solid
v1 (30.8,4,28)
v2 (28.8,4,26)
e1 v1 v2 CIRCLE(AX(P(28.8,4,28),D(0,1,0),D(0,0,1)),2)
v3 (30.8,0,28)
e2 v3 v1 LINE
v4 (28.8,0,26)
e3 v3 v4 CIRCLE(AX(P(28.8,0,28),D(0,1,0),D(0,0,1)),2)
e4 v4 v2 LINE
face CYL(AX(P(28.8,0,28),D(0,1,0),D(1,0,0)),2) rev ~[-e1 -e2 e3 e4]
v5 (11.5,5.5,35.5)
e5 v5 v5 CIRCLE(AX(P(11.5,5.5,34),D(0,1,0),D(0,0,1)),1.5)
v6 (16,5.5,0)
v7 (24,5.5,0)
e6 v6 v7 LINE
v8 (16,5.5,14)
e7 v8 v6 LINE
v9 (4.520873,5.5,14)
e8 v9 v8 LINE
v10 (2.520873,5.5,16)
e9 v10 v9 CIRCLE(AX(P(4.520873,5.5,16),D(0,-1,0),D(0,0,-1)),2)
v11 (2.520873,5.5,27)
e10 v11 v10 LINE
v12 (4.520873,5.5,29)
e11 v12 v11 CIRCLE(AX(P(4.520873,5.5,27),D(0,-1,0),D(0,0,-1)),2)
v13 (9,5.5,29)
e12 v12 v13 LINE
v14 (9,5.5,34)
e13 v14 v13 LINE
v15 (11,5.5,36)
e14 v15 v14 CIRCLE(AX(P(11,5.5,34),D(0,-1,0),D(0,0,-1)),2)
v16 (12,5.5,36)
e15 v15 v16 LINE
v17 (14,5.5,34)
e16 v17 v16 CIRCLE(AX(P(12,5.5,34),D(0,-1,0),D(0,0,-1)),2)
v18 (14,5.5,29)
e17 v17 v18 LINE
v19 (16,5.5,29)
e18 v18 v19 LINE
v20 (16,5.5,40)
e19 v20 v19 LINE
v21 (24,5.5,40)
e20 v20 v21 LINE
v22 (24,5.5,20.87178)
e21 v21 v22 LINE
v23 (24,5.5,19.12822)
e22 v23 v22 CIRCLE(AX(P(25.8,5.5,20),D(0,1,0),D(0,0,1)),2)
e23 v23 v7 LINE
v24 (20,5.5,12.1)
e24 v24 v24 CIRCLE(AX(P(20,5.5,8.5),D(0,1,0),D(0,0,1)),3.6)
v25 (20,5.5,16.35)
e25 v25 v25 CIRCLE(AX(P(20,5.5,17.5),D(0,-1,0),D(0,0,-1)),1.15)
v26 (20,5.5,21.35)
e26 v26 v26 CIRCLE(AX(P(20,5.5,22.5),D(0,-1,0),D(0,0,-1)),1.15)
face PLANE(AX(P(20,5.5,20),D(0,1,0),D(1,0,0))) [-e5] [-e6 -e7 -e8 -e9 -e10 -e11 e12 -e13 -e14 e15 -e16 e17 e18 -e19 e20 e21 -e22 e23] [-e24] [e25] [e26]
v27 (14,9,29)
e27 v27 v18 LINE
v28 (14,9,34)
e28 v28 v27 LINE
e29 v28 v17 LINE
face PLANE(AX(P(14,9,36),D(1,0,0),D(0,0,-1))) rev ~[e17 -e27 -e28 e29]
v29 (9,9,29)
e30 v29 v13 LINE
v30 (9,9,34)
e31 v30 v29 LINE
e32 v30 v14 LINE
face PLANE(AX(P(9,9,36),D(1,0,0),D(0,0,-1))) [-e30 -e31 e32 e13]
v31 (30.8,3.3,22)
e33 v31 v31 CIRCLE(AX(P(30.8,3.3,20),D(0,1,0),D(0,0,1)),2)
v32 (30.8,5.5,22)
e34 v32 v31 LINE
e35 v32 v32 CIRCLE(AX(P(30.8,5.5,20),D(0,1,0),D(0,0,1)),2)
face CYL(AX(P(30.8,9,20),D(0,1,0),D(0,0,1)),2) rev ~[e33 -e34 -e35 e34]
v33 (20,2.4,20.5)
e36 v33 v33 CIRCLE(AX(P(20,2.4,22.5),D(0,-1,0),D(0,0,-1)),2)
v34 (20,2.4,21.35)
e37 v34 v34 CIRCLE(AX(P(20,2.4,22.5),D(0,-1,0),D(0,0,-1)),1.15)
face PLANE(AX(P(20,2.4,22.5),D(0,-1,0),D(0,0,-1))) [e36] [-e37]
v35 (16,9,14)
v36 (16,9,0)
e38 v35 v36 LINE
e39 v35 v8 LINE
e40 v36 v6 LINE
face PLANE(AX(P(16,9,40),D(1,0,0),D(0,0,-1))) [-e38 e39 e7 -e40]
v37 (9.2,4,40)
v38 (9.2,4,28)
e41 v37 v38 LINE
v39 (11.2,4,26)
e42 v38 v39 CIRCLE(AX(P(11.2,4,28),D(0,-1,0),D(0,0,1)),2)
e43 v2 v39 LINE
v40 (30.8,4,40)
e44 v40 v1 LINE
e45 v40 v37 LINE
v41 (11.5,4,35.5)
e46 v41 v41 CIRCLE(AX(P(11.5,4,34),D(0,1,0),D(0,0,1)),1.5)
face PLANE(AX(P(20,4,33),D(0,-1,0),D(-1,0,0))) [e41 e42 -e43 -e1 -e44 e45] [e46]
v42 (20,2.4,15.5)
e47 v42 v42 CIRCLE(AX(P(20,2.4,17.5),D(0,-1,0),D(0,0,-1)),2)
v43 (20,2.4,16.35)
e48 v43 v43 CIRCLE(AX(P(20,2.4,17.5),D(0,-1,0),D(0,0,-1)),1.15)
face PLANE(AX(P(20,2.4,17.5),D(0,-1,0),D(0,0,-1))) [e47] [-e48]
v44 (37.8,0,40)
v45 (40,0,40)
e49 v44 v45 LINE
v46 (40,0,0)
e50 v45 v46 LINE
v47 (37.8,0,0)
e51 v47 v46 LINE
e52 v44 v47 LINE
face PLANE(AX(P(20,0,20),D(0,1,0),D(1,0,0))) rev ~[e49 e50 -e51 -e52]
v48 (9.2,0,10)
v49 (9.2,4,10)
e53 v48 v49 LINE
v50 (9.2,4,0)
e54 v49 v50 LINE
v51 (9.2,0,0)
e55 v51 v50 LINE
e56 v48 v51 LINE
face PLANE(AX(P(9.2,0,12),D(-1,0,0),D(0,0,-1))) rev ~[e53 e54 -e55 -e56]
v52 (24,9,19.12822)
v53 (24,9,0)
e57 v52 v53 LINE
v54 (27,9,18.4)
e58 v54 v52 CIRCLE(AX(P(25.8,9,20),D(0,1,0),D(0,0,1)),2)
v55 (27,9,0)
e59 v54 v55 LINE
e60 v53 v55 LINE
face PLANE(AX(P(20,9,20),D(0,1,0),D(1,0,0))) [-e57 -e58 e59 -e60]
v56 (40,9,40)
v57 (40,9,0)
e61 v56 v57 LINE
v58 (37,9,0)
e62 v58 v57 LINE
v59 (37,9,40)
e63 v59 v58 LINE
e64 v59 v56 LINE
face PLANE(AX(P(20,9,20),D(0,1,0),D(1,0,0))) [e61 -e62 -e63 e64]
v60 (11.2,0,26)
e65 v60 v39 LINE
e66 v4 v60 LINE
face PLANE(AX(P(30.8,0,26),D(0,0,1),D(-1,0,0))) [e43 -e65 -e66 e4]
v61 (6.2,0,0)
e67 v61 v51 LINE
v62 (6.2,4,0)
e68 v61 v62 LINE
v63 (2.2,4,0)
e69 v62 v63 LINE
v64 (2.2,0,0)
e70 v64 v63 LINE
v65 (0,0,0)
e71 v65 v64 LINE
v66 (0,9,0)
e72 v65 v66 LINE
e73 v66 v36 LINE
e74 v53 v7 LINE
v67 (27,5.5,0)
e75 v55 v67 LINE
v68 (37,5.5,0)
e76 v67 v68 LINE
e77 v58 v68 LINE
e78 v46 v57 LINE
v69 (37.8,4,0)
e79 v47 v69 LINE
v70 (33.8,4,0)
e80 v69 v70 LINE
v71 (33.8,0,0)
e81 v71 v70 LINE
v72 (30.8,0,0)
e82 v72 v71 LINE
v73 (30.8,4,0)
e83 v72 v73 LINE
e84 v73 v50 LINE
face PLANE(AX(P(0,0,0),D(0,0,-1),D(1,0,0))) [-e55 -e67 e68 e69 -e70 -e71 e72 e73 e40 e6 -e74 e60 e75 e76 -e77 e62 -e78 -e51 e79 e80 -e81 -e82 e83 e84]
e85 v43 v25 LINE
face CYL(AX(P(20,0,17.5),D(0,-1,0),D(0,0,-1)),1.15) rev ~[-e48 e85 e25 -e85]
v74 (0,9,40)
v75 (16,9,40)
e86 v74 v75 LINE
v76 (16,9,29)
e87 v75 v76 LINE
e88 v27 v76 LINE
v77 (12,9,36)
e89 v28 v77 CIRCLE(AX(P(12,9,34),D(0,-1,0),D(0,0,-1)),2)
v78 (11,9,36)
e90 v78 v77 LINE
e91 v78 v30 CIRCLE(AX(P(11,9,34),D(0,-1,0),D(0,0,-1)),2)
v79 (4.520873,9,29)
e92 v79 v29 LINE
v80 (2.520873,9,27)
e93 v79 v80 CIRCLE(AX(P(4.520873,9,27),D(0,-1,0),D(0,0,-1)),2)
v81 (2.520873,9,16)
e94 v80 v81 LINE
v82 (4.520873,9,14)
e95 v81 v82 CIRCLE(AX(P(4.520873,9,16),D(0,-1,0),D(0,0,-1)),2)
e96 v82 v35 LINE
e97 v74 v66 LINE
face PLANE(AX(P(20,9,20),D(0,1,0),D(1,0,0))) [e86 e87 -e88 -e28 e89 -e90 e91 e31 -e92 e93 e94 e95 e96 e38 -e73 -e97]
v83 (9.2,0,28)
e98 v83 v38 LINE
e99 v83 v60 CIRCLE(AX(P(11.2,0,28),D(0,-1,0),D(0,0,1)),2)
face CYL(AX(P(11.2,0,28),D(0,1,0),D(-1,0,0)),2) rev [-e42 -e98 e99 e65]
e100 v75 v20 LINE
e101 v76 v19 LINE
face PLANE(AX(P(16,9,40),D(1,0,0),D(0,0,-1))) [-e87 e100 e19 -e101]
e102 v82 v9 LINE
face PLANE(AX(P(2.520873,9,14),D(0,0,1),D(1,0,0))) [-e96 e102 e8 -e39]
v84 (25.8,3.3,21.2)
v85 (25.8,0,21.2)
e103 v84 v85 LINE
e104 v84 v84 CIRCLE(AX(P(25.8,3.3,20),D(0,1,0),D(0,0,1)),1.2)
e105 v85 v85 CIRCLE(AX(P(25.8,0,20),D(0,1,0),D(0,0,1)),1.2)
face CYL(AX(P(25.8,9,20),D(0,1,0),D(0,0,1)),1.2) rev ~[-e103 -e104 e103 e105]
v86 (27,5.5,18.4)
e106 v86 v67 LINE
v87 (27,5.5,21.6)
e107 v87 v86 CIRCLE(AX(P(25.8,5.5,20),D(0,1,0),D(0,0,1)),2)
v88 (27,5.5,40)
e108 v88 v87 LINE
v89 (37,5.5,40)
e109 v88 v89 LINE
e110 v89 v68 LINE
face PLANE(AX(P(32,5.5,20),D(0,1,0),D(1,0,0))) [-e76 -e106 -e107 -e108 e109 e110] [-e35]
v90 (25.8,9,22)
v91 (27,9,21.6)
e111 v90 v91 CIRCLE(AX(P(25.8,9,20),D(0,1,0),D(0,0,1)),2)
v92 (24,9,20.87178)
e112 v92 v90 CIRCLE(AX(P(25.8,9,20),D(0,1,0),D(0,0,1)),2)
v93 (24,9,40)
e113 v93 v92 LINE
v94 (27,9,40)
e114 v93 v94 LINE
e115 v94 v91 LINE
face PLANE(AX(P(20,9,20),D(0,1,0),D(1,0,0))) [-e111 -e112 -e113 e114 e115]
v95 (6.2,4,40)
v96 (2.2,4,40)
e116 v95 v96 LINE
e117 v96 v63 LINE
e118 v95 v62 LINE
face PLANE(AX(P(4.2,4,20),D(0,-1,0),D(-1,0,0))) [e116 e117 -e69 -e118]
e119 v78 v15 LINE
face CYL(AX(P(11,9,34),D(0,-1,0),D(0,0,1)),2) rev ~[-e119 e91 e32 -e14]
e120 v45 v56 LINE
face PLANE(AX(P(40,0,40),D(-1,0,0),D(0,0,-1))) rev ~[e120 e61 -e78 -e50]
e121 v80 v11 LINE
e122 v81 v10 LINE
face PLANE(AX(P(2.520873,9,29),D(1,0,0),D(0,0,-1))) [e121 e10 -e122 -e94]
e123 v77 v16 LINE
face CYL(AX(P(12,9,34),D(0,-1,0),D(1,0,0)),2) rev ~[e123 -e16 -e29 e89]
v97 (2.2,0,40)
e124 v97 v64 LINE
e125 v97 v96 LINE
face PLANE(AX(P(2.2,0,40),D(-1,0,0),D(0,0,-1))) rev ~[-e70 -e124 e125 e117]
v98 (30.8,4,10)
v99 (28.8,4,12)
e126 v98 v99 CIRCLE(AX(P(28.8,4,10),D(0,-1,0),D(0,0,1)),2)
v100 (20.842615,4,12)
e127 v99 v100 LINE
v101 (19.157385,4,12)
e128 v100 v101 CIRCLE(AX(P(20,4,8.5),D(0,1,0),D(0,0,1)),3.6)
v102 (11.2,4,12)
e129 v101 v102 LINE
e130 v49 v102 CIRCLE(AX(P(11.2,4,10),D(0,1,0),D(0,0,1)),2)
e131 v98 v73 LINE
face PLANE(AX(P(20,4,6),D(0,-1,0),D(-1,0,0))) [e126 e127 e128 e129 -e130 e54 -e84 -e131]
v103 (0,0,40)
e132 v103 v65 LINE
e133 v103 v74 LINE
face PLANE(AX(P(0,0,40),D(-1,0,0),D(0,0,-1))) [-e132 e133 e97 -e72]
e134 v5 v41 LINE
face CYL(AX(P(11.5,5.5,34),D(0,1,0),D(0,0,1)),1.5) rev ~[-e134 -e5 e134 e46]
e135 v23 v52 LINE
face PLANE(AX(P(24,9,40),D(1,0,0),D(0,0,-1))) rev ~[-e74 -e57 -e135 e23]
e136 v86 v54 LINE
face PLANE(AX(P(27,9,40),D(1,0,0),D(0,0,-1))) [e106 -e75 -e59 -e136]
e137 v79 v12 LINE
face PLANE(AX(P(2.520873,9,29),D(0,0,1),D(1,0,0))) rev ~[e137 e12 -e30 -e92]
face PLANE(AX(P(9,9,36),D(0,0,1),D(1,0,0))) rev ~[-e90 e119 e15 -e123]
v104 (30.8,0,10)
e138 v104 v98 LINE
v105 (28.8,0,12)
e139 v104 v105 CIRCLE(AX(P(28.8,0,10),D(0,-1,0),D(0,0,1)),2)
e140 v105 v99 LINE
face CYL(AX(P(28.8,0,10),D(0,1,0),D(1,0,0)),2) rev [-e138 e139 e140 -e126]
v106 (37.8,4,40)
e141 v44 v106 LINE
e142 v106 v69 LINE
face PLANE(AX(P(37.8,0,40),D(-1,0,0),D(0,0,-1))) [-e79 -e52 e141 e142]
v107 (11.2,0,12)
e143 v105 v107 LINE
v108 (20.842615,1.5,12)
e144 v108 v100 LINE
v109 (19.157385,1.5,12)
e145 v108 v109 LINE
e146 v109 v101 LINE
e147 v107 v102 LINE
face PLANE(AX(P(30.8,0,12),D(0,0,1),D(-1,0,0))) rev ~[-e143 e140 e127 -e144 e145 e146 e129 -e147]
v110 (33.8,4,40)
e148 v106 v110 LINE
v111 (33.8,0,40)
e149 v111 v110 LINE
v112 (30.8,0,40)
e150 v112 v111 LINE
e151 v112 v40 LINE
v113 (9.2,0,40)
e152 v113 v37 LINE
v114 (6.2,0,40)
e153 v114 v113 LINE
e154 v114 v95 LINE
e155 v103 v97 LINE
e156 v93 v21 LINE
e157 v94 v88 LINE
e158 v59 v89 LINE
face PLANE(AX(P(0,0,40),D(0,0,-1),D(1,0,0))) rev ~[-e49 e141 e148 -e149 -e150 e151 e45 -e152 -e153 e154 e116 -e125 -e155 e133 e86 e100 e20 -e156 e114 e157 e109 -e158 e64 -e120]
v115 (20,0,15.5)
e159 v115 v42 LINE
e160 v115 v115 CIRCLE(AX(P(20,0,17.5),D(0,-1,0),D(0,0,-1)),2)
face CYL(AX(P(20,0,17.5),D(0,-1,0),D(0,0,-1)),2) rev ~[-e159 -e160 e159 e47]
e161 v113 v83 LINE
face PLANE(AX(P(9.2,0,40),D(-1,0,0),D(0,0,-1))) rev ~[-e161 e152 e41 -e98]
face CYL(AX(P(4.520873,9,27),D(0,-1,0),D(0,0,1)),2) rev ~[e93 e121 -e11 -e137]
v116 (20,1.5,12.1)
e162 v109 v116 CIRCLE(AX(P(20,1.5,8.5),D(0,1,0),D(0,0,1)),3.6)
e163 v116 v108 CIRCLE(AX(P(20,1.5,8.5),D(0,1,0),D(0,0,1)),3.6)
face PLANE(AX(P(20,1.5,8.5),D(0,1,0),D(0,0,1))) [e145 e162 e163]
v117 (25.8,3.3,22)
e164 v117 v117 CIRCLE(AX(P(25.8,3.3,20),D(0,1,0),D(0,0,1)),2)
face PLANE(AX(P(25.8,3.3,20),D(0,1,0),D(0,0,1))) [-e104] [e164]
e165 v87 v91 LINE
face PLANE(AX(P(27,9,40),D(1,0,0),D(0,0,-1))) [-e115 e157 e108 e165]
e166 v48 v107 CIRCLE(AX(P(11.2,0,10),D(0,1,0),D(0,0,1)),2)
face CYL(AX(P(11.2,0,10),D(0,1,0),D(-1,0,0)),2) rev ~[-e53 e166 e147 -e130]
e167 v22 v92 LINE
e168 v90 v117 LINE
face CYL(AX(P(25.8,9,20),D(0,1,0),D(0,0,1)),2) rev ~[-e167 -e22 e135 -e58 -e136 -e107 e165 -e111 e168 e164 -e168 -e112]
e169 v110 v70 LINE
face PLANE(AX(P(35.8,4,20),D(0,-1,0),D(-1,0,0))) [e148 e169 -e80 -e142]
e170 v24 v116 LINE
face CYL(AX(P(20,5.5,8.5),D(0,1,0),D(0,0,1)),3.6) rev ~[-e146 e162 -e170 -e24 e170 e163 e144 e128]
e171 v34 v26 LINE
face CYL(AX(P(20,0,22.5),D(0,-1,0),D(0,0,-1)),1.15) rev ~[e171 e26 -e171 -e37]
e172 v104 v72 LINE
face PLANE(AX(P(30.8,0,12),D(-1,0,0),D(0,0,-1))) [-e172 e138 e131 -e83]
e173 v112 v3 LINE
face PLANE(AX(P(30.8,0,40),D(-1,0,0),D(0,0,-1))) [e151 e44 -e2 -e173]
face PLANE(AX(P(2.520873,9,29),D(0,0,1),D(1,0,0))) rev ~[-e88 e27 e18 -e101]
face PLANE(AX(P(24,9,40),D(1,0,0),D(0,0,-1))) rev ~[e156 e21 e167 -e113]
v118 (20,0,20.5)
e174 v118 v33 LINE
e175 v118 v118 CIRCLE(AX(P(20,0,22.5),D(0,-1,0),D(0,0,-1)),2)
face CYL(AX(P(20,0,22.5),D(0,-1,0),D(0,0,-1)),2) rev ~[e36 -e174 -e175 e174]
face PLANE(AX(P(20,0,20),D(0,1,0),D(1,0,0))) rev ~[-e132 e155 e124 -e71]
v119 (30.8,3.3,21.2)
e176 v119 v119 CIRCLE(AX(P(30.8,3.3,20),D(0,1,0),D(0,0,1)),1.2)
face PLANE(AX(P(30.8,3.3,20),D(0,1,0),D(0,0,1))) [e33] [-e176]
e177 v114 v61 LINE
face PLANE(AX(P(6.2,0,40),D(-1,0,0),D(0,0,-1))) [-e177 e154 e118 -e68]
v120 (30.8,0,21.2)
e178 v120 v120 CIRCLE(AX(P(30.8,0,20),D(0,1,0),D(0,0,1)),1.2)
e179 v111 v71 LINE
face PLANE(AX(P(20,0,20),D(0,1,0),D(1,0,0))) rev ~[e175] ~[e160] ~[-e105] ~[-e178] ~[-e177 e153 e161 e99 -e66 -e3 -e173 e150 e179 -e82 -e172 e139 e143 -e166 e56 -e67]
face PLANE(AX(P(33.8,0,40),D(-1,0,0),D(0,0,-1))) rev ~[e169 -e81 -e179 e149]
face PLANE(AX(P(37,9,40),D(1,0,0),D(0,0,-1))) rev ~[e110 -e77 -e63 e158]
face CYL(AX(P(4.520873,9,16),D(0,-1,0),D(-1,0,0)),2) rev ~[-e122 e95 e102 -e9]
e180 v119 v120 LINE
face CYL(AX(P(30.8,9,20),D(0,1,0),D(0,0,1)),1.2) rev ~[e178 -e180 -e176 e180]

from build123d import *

# Parameters (mm, degrees)
SKETCH_1_W           = 40
SKETCH_1_H           = 40
EXTRUDE_1_DEPTH      = 9
SKETCH_2_W           = 8
SKETCH_2_H           = 40
CUT_EXTRUDE_1_DEPTH  = 3.5
SKETCH_3_R           = 1.15
CUT_EXTRUDE_2_DEPTH  = 58.280013966
SKETCH_4_R           = 2
CUT_EXTRUDE_3_DEPTH  = 2.4
SKETCH_5_R           = 1.2
CUT_EXTRUDE_4_DEPTH  = 58.280013966
SKETCH_6_R           = 2
CUT_EXTRUDE_5_DEPTH  = 5.7
SKETCH_7_W           = 13.47912662
SKETCH_7_H           = 15
CUT_EXTRUDE_6_DEPTH  = 3.5
SKETCH_12_W          = 4
SKETCH_12_H          = 40
SKETCH_12_W_2        = 21.6
SKETCH_12_H_2        = 12
SKETCH_12_H_3        = 14
CUT_EXTRUDE_11_DEPTH = 4
FILLET_3_R           = 2
SKETCH_15_R          = 3.6
CUT_EXTRUDE_13_DEPTH = 4
SKETCH_16_W          = 5
SKETCH_16_H          = 7
CUT_EXTRUDE_14_DEPTH = 3.5
SKETCH_17_R          = 1.5
CUT_EXTRUDE_15_DEPTH = 3.5
FILLET_5_R           = 2
SKETCH_18_W          = 10
SKETCH_18_H          = 40
CUT_EXTRUDE_16_DEPTH = 3.5


with BuildPart() as part:
    # 草图1 → 凸台-拉伸1 (new body)
    with BuildSketch(Plane(origin=(0, 0, 0), x_dir=(1, 0, 0), z_dir=(0, 1, 0))):
        with Locations((20, -20)):
            Rectangle(SKETCH_1_W, SKETCH_1_H)
    extrude(amount=EXTRUDE_1_DEPTH)

    # 草图2 → 切除-拉伸1 (cut)
    with BuildSketch(Plane(origin=(0, 9, 0), x_dir=(1, 0, 0), z_dir=(0, 1, 0))):
        with Locations((20, -20)):
            Rectangle(SKETCH_2_W, SKETCH_2_H)
    extrude(amount=-CUT_EXTRUDE_1_DEPTH, mode=Mode.SUBTRACT)

    # 草图3 → 切除-拉伸2 (cut, through all)
    with BuildSketch(Plane(origin=(0, 0, 0), x_dir=(-1, 0, 0), z_dir=(0, -1, 0))):
        with Locations(Location((-20, -22.5, 0), (0, 0, 90))):
            Circle(SKETCH_3_R)
        with Locations(Location((-20, -17.5, 0), (0, 0, 90))):
            Circle(SKETCH_3_R)
    extrude(amount=-CUT_EXTRUDE_2_DEPTH, mode=Mode.SUBTRACT)

    # 草图4 → 切除-拉伸3 (cut)
    with BuildSketch(Plane(origin=(0, 0, 0), x_dir=(-1, 0, 0), z_dir=(0, -1, 0))):
        with Locations(Location((-20, -22.5, 0), (0, 0, 90))):
            Circle(SKETCH_4_R)
        with Locations(Location((-20, -17.5, 0), (0, 0, 90))):
            Circle(SKETCH_4_R)
    extrude(amount=-CUT_EXTRUDE_3_DEPTH, mode=Mode.SUBTRACT)

    # 草图5 → 切除-拉伸4 (cut, through all)
    with BuildSketch(Plane(origin=(0, 9, 0), x_dir=(1, 0, 0), z_dir=(0, 1, 0))):
        with Locations(Location((25.8, -20, 0), (0, 0, 270))):
            Circle(SKETCH_5_R)
        with Locations(Location((30.8, -20, 0), (0, 0, 270))):
            Circle(SKETCH_5_R)
    extrude(amount=-CUT_EXTRUDE_4_DEPTH, mode=Mode.SUBTRACT)

    # 草图6 → 切除-拉伸5 (cut)
    with BuildSketch(Plane(origin=(0, 9, 0), x_dir=(1, 0, 0), z_dir=(0, 1, 0))):
        with Locations(Location((30.8, -20, 0), (0, 0, 270))):
            Circle(SKETCH_6_R)
        with Locations(Location((25.8, -20, 0), (0, 0, 270))):
            Circle(SKETCH_6_R)
    extrude(amount=-CUT_EXTRUDE_5_DEPTH, mode=Mode.SUBTRACT)

    # 草图7 → 切除-拉伸6 (cut)
    with BuildSketch(Plane(origin=(0, 9, 0), x_dir=(1, 0, 0), z_dir=(0, 1, 0))):
        with Locations((9.26043669, -21.5)):
            Rectangle(SKETCH_7_W, SKETCH_7_H)
    extrude(amount=-CUT_EXTRUDE_6_DEPTH, mode=Mode.SUBTRACT)

    # 草图12 → 切除-拉伸11 (cut)
    with BuildSketch(Plane(origin=(0, 0, 0), x_dir=(-1, 0, 0), z_dir=(0, -1, 0))):
        with Locations((-4.2, -20)):
            Rectangle(SKETCH_12_W, SKETCH_12_H)
        with Locations((-35.8, -20)):
            Rectangle(SKETCH_12_W, SKETCH_12_H)
        with Locations((-20, -6)):
            Rectangle(SKETCH_12_W_2, SKETCH_12_H_2)
        with Locations((-20, -33)):
            Rectangle(SKETCH_12_W_2, SKETCH_12_H_3)
    extrude(amount=-CUT_EXTRUDE_11_DEPTH, mode=Mode.SUBTRACT)

    # 圆角3
    fillet_3_edges = [part.edges().sort_by_distance(p)[0] for p in [
        (30.8, 2, 12),
        (9.2, 2, 12),
        (9.2, 2, 26),
        (30.8, 2, 26),
    ]]
    fillet(fillet_3_edges, radius=FILLET_3_R)

    # 草图15 → 切除-拉伸13 (cut)
    with BuildSketch(Plane(origin=(0, 5.5, 0), x_dir=(1, 0, 0), z_dir=(0, 1, 0))):
        with Locations(Location((20, -8.5, 0), (0, 0, 270))):
            Circle(SKETCH_15_R)
    extrude(amount=-CUT_EXTRUDE_13_DEPTH, mode=Mode.SUBTRACT)

    # 草图16 → 切除-拉伸14 (cut)
    with BuildSketch(Plane(origin=(0, 9, 0), x_dir=(1, 0, 0), z_dir=(0, 1, 0))):
        with Locations((11.5, -32.5)):
            Rectangle(SKETCH_16_W, SKETCH_16_H)
    extrude(amount=-CUT_EXTRUDE_14_DEPTH, mode=Mode.SUBTRACT)

    # 草图17 → 切除-拉伸15 (cut)
    with BuildSketch(Plane(origin=(0, 5.5, 0), x_dir=(1, 0, 0), z_dir=(0, 1, 0))):
        with Locations(Location((11.5, -34, 0), (0, 0, 270))):
            Circle(SKETCH_17_R)
    extrude(amount=-CUT_EXTRUDE_15_DEPTH, mode=Mode.SUBTRACT)

    # 圆角5
    fillet_5_edges = [part.edges().sort_by_distance(p)[0] for p in [
        (9, 7.25, 36),
        (14, 7.25, 36),
        (2.52087338, 7.25, 29),
        (2.52087338, 7.25, 14),
    ]]
    fillet(fillet_5_edges, radius=FILLET_5_R)

    # 草图18 → 切除-拉伸16 (cut)
    with BuildSketch(Plane(origin=(0, 9, 0), x_dir=(1, 0, 0), z_dir=(0, 1, 0))):
        with Locations((32, -20)):
            Rectangle(SKETCH_18_W, SKETCH_18_H)
    extrude(amount=-CUT_EXTRUDE_16_DEPTH, mode=Mode.SUBTRACT)


solid = part.part
